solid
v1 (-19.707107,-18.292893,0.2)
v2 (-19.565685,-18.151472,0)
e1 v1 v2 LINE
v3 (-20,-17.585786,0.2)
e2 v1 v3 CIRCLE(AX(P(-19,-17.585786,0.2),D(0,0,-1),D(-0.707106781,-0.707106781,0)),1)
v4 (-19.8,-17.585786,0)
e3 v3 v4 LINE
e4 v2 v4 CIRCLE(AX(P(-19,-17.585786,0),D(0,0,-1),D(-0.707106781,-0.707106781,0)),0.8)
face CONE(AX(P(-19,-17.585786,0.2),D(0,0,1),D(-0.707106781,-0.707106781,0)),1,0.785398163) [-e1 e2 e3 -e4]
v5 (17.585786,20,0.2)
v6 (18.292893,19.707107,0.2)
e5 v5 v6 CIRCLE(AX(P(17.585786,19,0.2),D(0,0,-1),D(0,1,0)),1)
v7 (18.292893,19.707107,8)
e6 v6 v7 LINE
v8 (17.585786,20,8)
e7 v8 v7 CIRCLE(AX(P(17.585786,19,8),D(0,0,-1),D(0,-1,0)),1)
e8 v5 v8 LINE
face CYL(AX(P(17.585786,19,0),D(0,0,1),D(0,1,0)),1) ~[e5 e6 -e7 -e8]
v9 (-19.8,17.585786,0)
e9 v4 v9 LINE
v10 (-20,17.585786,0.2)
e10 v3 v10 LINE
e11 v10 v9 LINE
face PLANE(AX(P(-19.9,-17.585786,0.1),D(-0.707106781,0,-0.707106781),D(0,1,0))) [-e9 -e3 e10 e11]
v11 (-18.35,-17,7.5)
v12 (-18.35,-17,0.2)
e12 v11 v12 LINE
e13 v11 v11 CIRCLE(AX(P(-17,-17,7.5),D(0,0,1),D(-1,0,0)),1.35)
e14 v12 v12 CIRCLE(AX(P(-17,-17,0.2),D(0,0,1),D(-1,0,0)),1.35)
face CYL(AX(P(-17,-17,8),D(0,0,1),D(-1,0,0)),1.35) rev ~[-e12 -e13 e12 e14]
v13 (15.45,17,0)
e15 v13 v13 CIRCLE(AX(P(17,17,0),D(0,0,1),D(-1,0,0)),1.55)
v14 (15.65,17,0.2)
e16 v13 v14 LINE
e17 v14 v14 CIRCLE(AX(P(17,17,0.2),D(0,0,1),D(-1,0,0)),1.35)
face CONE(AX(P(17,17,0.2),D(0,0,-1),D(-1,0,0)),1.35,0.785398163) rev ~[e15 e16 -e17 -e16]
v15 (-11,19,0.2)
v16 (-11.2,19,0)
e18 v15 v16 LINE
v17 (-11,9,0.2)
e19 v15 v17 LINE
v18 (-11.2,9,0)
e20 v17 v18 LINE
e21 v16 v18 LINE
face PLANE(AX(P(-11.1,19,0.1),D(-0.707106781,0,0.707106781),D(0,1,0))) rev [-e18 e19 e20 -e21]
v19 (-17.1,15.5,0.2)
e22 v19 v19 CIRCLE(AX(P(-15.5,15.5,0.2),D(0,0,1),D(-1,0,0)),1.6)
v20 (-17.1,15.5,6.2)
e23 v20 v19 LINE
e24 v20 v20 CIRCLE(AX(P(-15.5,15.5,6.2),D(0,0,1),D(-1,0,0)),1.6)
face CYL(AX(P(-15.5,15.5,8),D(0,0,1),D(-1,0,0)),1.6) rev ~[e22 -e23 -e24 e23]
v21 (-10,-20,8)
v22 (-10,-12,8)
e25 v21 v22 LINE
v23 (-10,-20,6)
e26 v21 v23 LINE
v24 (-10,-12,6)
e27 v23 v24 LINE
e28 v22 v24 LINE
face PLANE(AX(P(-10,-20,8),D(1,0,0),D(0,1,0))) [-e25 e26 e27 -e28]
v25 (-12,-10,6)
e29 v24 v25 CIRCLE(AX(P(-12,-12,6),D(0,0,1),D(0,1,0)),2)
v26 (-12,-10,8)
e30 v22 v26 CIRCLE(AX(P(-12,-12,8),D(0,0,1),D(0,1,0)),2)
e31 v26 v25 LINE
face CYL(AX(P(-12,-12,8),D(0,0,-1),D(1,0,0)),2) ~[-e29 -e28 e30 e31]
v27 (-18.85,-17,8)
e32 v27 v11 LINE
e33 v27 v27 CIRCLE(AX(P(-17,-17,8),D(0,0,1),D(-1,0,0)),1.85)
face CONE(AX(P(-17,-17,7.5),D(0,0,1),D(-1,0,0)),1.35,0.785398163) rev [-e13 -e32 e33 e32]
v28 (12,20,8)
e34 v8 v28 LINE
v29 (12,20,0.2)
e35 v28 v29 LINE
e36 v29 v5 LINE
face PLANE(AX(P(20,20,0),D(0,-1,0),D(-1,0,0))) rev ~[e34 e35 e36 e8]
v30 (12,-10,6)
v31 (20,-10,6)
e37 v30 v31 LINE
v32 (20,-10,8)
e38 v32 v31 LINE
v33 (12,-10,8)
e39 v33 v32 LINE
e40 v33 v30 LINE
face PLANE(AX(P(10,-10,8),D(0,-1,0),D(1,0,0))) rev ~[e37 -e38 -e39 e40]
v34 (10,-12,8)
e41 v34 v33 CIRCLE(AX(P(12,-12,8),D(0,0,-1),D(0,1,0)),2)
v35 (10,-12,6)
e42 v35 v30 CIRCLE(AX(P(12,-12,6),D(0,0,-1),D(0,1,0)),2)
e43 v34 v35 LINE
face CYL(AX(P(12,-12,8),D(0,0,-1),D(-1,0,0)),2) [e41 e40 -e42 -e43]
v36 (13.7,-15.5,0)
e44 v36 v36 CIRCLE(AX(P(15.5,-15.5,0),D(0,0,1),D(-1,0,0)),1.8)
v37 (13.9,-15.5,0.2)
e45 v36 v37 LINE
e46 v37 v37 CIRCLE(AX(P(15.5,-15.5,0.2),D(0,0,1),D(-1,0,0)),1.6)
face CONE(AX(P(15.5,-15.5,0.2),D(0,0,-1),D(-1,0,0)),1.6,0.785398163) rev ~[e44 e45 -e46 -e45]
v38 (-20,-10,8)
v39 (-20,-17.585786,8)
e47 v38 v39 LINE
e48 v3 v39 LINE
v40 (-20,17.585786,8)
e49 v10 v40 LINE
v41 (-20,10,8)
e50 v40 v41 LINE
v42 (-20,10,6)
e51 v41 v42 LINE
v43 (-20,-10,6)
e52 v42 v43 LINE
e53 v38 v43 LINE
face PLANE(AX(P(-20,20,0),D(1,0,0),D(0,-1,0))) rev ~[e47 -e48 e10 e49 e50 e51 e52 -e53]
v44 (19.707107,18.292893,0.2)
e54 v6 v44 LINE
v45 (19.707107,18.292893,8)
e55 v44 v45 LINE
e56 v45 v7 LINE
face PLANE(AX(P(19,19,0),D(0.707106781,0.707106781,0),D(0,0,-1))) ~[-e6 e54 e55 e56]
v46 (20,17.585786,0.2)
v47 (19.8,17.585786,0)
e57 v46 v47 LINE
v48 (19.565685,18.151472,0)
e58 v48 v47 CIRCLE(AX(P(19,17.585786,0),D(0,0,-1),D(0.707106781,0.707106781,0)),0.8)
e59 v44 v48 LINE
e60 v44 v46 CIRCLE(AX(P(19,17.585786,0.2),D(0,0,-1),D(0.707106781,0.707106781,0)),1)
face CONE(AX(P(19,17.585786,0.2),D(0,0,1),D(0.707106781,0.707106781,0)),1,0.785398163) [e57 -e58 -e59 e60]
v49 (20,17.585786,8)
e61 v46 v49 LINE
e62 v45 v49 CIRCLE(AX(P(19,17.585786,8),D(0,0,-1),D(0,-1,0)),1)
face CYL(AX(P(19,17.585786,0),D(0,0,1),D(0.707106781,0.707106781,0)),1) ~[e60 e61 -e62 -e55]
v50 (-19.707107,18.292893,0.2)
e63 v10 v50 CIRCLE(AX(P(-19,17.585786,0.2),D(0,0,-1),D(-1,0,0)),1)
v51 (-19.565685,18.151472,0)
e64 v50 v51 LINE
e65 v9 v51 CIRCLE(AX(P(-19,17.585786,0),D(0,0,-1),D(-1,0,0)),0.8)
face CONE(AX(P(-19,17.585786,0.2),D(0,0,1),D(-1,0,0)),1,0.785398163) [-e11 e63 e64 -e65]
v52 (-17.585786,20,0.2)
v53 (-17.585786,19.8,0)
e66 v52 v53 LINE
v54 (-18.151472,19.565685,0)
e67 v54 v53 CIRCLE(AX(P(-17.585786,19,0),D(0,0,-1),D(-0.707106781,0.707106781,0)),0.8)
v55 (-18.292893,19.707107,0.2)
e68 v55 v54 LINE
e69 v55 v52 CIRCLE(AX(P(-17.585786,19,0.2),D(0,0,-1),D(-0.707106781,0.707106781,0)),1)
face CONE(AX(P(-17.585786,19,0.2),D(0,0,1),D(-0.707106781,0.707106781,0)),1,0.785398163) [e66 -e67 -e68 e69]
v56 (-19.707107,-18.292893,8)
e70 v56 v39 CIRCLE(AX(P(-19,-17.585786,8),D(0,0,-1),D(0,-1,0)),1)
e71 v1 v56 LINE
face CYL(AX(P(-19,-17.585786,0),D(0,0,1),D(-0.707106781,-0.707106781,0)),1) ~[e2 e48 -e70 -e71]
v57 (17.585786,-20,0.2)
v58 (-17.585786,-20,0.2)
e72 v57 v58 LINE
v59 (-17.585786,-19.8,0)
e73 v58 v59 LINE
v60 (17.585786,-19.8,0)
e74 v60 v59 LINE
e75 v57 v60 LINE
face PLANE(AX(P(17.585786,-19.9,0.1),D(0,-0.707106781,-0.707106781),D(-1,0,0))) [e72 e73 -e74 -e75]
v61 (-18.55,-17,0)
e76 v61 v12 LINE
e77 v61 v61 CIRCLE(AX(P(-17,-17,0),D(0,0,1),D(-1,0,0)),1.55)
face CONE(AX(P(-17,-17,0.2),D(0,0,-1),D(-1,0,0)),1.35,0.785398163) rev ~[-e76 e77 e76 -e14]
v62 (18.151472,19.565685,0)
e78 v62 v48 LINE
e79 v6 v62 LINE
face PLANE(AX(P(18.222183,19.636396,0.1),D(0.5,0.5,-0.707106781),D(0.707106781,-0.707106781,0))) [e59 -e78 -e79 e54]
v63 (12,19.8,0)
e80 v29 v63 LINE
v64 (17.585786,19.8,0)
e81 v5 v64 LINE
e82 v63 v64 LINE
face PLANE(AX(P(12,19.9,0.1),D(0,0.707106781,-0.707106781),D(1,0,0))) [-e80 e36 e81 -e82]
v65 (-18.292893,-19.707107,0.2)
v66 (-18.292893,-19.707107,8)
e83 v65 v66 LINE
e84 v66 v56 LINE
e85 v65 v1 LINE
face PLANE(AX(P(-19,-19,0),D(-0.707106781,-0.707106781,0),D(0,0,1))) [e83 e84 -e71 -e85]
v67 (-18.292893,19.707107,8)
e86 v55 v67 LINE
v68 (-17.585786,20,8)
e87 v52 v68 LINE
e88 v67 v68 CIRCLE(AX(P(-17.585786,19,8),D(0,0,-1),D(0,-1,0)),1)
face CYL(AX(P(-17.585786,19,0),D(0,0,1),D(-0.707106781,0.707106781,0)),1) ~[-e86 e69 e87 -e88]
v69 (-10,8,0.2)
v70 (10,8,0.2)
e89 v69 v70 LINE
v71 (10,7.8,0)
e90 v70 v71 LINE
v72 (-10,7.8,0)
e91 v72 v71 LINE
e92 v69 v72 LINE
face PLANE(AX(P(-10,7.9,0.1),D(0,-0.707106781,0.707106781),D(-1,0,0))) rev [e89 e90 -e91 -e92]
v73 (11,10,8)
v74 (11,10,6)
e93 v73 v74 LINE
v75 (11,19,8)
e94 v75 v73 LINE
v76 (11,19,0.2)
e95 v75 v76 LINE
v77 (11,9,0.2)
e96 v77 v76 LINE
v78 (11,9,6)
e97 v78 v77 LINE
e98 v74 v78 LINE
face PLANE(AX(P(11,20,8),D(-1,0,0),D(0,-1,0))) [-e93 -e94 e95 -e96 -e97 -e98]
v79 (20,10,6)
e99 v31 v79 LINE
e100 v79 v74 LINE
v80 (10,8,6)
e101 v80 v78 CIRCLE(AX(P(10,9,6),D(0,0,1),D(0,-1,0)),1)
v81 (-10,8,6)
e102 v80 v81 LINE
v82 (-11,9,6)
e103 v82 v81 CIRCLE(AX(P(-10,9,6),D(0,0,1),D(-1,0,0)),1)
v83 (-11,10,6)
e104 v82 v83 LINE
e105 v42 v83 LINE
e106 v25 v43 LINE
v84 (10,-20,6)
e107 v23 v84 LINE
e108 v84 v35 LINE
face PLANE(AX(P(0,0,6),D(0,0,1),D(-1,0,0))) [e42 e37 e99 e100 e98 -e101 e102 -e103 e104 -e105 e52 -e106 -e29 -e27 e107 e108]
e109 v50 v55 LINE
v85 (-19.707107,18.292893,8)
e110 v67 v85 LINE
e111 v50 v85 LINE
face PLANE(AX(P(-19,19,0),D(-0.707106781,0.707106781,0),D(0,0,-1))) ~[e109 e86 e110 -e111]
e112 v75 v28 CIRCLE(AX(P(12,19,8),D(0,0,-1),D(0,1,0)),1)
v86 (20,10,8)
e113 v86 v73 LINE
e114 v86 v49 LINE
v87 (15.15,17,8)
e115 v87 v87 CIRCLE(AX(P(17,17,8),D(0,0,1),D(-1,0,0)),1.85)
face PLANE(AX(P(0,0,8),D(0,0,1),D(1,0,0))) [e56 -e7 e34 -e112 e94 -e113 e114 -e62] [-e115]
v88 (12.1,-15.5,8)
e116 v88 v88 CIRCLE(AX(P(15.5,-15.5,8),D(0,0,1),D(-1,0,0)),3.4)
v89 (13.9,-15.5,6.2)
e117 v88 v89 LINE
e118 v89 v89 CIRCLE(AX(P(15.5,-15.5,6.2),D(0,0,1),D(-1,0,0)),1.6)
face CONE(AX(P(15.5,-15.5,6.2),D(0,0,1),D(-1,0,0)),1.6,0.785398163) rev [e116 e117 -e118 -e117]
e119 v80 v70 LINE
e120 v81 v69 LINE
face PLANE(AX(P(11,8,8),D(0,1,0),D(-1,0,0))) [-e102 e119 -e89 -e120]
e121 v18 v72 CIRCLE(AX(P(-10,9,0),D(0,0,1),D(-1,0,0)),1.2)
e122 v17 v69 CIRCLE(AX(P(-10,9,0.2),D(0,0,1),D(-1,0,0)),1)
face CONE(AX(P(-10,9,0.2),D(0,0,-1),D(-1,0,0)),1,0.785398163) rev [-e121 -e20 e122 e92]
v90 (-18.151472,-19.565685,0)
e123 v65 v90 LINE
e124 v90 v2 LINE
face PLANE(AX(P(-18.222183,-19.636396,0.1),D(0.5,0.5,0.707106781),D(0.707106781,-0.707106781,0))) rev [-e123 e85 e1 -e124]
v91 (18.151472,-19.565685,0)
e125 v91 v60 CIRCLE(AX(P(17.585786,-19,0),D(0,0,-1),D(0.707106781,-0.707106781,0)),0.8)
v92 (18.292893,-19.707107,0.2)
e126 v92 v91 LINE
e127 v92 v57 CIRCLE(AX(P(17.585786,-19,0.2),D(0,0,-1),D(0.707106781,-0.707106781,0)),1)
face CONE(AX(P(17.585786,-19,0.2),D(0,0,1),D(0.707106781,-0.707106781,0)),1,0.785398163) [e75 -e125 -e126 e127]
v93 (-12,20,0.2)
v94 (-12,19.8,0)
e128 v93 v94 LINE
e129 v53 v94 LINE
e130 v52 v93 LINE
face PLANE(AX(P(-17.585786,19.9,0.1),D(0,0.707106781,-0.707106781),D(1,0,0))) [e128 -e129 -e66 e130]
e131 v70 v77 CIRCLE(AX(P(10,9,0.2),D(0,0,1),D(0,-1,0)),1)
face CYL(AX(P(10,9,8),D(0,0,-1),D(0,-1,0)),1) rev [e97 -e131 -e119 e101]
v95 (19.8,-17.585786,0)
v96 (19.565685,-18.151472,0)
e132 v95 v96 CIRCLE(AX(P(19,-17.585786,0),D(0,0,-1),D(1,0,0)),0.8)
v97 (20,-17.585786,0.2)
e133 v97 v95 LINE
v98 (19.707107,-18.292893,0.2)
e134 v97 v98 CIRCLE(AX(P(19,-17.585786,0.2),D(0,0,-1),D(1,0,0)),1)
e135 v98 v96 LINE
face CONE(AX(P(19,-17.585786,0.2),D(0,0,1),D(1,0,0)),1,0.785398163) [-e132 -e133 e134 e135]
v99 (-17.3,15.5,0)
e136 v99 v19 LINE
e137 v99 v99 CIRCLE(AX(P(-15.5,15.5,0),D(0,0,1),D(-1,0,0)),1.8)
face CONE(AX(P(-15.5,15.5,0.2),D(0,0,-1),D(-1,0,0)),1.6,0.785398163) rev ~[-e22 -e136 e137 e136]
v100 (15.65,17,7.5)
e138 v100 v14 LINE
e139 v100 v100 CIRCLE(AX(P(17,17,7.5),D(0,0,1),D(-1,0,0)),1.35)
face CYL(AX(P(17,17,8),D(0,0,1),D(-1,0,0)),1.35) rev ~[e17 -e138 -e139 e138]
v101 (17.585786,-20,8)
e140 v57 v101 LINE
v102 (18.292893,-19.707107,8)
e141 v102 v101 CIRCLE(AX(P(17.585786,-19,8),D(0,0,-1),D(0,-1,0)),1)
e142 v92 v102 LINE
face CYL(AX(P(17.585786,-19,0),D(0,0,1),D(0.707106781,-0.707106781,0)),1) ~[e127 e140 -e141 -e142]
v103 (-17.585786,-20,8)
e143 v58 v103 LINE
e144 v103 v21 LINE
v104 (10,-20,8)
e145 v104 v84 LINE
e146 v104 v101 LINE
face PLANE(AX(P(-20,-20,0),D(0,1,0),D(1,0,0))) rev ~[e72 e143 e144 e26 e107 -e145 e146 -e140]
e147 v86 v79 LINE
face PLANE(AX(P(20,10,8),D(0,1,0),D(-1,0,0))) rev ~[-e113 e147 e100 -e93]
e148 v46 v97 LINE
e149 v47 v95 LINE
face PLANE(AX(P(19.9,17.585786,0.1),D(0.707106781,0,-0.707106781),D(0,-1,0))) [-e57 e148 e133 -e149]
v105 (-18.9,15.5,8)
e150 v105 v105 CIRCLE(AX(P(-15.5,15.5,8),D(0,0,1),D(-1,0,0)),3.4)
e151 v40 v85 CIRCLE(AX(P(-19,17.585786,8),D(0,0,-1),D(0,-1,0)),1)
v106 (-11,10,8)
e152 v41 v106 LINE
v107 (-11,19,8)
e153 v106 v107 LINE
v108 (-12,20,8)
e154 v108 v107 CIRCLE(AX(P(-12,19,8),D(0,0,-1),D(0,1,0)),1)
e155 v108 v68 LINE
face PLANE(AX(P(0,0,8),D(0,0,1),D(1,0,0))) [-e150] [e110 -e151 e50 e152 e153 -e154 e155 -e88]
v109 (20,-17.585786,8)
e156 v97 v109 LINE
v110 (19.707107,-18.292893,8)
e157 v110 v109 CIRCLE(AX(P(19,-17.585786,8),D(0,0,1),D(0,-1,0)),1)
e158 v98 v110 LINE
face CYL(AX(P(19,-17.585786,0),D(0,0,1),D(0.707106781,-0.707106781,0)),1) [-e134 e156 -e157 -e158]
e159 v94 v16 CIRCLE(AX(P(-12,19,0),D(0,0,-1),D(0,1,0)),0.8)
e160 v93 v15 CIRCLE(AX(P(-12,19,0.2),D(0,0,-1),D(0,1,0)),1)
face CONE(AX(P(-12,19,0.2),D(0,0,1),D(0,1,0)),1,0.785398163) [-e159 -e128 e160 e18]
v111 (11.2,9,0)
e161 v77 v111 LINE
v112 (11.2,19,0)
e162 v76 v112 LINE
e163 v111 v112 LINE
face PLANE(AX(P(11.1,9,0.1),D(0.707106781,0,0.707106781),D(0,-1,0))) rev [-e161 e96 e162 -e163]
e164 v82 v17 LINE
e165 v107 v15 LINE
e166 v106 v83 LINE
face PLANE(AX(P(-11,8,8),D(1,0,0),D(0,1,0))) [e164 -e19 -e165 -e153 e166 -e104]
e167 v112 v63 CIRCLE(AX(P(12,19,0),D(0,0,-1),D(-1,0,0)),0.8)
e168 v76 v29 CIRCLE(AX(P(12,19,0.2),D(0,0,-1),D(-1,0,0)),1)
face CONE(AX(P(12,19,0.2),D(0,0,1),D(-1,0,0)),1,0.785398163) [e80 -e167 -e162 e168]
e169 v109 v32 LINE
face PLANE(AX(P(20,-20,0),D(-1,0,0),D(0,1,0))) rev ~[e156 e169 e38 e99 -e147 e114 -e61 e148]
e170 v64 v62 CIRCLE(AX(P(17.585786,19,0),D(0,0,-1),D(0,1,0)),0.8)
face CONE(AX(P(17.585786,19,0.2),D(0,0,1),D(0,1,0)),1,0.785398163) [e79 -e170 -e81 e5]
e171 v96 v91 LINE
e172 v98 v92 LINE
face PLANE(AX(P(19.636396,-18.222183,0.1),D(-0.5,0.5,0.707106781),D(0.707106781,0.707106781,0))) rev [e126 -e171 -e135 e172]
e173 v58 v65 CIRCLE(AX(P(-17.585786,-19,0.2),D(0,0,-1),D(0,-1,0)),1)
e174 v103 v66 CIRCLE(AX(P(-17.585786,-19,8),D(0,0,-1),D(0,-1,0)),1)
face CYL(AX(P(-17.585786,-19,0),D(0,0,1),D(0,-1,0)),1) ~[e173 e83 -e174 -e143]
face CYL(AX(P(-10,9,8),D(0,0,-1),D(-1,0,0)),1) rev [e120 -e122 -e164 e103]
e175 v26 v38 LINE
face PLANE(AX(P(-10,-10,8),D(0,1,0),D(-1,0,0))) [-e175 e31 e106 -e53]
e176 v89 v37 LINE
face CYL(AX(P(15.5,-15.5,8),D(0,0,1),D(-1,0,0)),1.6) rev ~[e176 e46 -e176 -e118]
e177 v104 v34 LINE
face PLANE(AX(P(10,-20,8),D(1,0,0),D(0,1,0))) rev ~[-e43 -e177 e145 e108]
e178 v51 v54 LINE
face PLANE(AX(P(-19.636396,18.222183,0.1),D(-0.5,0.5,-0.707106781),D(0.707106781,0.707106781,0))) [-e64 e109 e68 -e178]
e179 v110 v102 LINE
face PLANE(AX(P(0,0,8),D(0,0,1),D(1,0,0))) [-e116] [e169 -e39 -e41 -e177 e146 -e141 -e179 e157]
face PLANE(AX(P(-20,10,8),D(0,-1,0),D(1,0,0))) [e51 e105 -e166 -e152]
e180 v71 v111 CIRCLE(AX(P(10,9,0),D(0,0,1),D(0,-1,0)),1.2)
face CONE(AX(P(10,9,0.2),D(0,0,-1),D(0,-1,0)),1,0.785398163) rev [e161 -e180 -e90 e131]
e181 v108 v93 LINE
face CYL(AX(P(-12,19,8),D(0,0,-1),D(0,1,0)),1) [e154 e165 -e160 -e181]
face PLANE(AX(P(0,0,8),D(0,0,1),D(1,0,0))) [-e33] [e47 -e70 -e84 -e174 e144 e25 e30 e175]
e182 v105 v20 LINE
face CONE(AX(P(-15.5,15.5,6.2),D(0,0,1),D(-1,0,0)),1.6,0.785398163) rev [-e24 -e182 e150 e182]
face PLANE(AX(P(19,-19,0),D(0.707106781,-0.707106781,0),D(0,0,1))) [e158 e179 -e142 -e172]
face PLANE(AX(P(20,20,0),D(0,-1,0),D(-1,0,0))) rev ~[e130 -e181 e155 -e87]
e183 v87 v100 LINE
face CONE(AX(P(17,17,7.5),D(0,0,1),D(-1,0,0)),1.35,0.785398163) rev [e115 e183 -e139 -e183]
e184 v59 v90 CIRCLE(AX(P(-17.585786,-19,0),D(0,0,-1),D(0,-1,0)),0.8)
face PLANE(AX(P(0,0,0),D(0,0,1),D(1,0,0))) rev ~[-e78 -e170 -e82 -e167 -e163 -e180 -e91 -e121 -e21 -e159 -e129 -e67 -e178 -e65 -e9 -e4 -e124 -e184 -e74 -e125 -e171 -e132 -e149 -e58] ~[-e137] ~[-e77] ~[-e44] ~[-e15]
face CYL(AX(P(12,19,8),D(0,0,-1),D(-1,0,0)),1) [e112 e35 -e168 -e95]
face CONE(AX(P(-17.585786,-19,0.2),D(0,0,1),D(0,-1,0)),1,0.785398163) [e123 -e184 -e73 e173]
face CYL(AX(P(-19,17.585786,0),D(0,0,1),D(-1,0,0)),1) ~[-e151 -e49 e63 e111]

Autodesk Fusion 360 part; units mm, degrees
sketch "Sketch1" plane through (0, 0, 0) normal (0, 0, 1) x (1, 0, 0)
  line L0 (20, 20) -> (-20, 20)
  line L1 (-20, 20) -> (-20, -20)
  line L2 (-20, -20) -> (20, -20)
  line L3 (20, -20) -> (20, 20)
  line L4 (20, 20) -> (-20, -20) construction
  line L5 (-20, 20) -> (20, -20) construction
  dimension "d1" = 40
  dimension "d2" = 40
extrude "Extrude1" add sketch "Sketch1" along normal blind 8
sketch "Sketch2" plane through (0, 0, 8) normal (0, 0, 1) x (-1, 0, 0)
  line L0 (-20, 20) -> (-20, -20)
  line L1 (-20, -20) -> (20, -20)
  line L2 (20, -20) -> (20, 20)
  line L3 (20, 20) -> (-20, 20)
  circle A0 centre (15.5, -15.5) radius 1.6
  line L4 (-15.5, -15.5) -> (15.5, -15.5) construction
  line L5 (15.5, -15.5) -> (15.5, 15.5) construction
  line L6 (15.5, 15.5) -> (-15.5, 15.5) construction
  line L7 (-15.5, 15.5) -> (-15.5, -15.5) construction
  line L8 (-15.5, -15.5) -> (15.5, 15.5) construction
  line L9 (15.5, -15.5) -> (-15.5, 15.5) construction
  circle A1 centre (-15.5, 15.5) radius 1.6
  dimension "d5" = 3.2
  dimension "d6" = 31
  dimension "d7" = 31
  dimension "d8" = 3.2
extrude "Extrude2" cut sketch "Sketch2" against normal blind 15 contours A0 | A1
sketch "Sketch3" plane through (0, 0, 8) normal (0, 0, 1) x (-1, 0, 0)
  circle A0 centre (15.5, -15.5) radius 1.6
  circle A1 centre (-15.5, 15.5) radius 1.6
  line L0 (-20, 20) -> (-20, -20)
  line L1 (-20, -20) -> (20, -20)
  line L2 (20, -20) -> (20, 20)
  line L3 (20, 20) -> (-20, 20)
  line L4 (-17, -17) -> (17, -17) construction
  line L5 (17, -17) -> (17, 17) construction
  line L6 (17, 17) -> (-17, 17) construction
  line L7 (-17, 17) -> (-17, -17) construction
  line L8 (-17, -17) -> (17, 17) construction
  line L9 (17, -17) -> (-17, 17) construction
  circle A2 centre (-17, -17) radius 1.35
  circle A3 centre (17, 17) radius 1.35
  dimension "d11" = 34
  dimension "d12" = 34
  dimension "d13" = 2.7
  dimension "d14" = 2.7
extrude "Extrude3" cut sketch "Sketch3" against normal blind 12 contours A2 | A3
chamfer "Chamfer1" distance 1.8 angle 45 2 edges at (-14.0083, 14.9214, 8) (16.9917, -16.0786, 8)
chamfer "Chamfer2" distance 2 angle 45 4 edges at (20, -20, 4) (-20, -20, 4) (20, 20, 4) (-20, 20, 4)
sketch "Sketch4" plane through (0, 0, 8) normal (0, 0, 1) x (-1, 0, 0)
  circle A0 centre (15.5, -15.5) radius 3.4
  circle A1 centre (-17, -17) radius 1.35
  circle A2 centre (17, 17) radius 1.35
  line L0 (18, -20) -> (20, -18)
  line L1 (20, -18) -> (20, 18)
  line L2 (20, 18) -> (18, 20)
  line L3 (18, 20) -> (-18, 20)
  line L4 (-18, 20) -> (-20, 18)
  line L5 (-20, 18) -> (-20, -18)
  line L6 (-20, -18) -> (-18, -20)
  line L7 (-18, -20) -> (18, -20)
  circle A3 centre (-15.5, 15.5) radius 3.4
chamfer "Chamfer3" distance 0.5 angle 45 2 edges at (-15.7414, -17.4882, 8) (18.2586, 16.5118, 8)
sketch "Sketch5" plane through (0, 0, 8) normal (0, 0, 1) x (-1, 0, 0)
  line L0 (11, -20) -> (-11, -20)
  line L1 (-11, -20) -> (-11, -8)
  line L2 (-11, -8) -> (11, -8)
  line L3 (11, -8) -> (11, -20)
  line L4 (-18, -20) -> (18, -20)
  point P0 (0, -8)
  dimension "d20" = 22
  dimension "d21" = 12
extrude "Extrude4" cut sketch "Sketch5" against normal blind 15
fillet "Fillet1" radius 1 4 edges at (-11, 8, 4) (11, 8, 4) (11, 20, 4) (-11, 20, 4)
fillet "Fillet1" radius 1 8 edges at (-18, 20, 4) (-20, 18, 4) (-20, -18, 4) (-18, -20, 4) (18, -20, 4) (20, -18, 4) (20, 18, 4) (18, 20, 4)
chamfer "Chamfer4" distance 0.2 angle 45 1 faces at (-3.942, -7.6818, 0)
sketch "Sketch6" plane through (0, 0, 8) normal (0, 0, 1) x (-1, 0, 0)
  circle A0 centre (17, 17) radius 1.85
  circle A1 centre (15.5, -15.5) radius 3.4
  circle A2 centre (-15.5, 15.5) radius 3.4
  circle A3 centre (-17, -17) radius 1.85
  arc A4 (-18.2929, -19.7071) -> (-17.5858, -20) centre (-17.5858, -19) ccw
  line L0 (-17.5858, -20) -> (-12, -20)
  arc A5 (-12, -20) -> (-11, -19) centre (-12, -19) ccw
  line L1 (-11, -19) -> (-11, -9)
  arc A6 (-10, -8) -> (-11, -9) centre (-10, -9) ccw
  line L2 (-10, -8) -> (10, -8)
  arc A7 (11, -9) -> (10, -8) centre (10, -9) ccw
  line L3 (11, -9) -> (11, -19)
  arc A8 (11, -19) -> (12, -20) centre (12, -19) ccw
  line L4 (12, -20) -> (17.5858, -20)
  arc A9 (17.5858, -20) -> (18.2929, -19.7071) centre (17.5858, -19) ccw
  line L5 (18.2929, -19.7071) -> (19.7071, -18.2929)
  arc A10 (19.7071, -18.2929) -> (20, -17.5858) centre (19, -17.5858) ccw
  line L6 (20, -17.5858) -> (20, 17.5858)
  arc A11 (20, 17.5858) -> (19.7071, 18.2929) centre (19, 17.5858) ccw
  line L7 (19.7071, 18.2929) -> (18.2929, 19.7071)
  arc A12 (18.2929, 19.7071) -> (17.5858, 20) centre (17.5858, 19) ccw
  line L8 (17.5858, 20) -> (-17.5858, 20)
  arc A13 (-17.5858, 20) -> (-18.2929, 19.7071) centre (-17.5858, 19) ccw
  line L9 (-18.2929, 19.7071) -> (-19.7071, 18.2929)
  arc A14 (-19.7071, 18.2929) -> (-20, 17.5858) centre (-19, 17.5858) ccw
  line L10 (-20, 17.5858) -> (-20, -17.5858)
  arc A15 (-20, -17.5858) -> (-19.7071, -18.2929) centre (-19, -17.5858) ccw
  line L11 (-19.7071, -18.2929) -> (-18.2929, -19.7071)
  line L12 (-10, 20) -> (-10, 10)
  line L13 (-10, 10) -> (-20, 10)
  line L14 (-20, -10) -> (-11, -10)
  line L15 (0, -2.5) -> (0, -20)
  line L16 (10, 20) -> (10, 10)
  line L17 (10, 10) -> (20, 10)
  line L18 (20, -10) -> (11, -10)
  line L19 (11, -10) -> (10.0078, -10.7171)
  dimension "d29" = 10
  dimension "d32" = 10
  dimension "d37" = 10
extrude "Extrude5" cut sketch "Sketch6" against normal blind 2 contours L1 A6 L2 A7 L3 L6 L8 L10 L12 L13 L14 L16 L17 L18
fillet "Fillet2" radius 2 2 edges at (10, -10, 7) (-10, -10, 7)
